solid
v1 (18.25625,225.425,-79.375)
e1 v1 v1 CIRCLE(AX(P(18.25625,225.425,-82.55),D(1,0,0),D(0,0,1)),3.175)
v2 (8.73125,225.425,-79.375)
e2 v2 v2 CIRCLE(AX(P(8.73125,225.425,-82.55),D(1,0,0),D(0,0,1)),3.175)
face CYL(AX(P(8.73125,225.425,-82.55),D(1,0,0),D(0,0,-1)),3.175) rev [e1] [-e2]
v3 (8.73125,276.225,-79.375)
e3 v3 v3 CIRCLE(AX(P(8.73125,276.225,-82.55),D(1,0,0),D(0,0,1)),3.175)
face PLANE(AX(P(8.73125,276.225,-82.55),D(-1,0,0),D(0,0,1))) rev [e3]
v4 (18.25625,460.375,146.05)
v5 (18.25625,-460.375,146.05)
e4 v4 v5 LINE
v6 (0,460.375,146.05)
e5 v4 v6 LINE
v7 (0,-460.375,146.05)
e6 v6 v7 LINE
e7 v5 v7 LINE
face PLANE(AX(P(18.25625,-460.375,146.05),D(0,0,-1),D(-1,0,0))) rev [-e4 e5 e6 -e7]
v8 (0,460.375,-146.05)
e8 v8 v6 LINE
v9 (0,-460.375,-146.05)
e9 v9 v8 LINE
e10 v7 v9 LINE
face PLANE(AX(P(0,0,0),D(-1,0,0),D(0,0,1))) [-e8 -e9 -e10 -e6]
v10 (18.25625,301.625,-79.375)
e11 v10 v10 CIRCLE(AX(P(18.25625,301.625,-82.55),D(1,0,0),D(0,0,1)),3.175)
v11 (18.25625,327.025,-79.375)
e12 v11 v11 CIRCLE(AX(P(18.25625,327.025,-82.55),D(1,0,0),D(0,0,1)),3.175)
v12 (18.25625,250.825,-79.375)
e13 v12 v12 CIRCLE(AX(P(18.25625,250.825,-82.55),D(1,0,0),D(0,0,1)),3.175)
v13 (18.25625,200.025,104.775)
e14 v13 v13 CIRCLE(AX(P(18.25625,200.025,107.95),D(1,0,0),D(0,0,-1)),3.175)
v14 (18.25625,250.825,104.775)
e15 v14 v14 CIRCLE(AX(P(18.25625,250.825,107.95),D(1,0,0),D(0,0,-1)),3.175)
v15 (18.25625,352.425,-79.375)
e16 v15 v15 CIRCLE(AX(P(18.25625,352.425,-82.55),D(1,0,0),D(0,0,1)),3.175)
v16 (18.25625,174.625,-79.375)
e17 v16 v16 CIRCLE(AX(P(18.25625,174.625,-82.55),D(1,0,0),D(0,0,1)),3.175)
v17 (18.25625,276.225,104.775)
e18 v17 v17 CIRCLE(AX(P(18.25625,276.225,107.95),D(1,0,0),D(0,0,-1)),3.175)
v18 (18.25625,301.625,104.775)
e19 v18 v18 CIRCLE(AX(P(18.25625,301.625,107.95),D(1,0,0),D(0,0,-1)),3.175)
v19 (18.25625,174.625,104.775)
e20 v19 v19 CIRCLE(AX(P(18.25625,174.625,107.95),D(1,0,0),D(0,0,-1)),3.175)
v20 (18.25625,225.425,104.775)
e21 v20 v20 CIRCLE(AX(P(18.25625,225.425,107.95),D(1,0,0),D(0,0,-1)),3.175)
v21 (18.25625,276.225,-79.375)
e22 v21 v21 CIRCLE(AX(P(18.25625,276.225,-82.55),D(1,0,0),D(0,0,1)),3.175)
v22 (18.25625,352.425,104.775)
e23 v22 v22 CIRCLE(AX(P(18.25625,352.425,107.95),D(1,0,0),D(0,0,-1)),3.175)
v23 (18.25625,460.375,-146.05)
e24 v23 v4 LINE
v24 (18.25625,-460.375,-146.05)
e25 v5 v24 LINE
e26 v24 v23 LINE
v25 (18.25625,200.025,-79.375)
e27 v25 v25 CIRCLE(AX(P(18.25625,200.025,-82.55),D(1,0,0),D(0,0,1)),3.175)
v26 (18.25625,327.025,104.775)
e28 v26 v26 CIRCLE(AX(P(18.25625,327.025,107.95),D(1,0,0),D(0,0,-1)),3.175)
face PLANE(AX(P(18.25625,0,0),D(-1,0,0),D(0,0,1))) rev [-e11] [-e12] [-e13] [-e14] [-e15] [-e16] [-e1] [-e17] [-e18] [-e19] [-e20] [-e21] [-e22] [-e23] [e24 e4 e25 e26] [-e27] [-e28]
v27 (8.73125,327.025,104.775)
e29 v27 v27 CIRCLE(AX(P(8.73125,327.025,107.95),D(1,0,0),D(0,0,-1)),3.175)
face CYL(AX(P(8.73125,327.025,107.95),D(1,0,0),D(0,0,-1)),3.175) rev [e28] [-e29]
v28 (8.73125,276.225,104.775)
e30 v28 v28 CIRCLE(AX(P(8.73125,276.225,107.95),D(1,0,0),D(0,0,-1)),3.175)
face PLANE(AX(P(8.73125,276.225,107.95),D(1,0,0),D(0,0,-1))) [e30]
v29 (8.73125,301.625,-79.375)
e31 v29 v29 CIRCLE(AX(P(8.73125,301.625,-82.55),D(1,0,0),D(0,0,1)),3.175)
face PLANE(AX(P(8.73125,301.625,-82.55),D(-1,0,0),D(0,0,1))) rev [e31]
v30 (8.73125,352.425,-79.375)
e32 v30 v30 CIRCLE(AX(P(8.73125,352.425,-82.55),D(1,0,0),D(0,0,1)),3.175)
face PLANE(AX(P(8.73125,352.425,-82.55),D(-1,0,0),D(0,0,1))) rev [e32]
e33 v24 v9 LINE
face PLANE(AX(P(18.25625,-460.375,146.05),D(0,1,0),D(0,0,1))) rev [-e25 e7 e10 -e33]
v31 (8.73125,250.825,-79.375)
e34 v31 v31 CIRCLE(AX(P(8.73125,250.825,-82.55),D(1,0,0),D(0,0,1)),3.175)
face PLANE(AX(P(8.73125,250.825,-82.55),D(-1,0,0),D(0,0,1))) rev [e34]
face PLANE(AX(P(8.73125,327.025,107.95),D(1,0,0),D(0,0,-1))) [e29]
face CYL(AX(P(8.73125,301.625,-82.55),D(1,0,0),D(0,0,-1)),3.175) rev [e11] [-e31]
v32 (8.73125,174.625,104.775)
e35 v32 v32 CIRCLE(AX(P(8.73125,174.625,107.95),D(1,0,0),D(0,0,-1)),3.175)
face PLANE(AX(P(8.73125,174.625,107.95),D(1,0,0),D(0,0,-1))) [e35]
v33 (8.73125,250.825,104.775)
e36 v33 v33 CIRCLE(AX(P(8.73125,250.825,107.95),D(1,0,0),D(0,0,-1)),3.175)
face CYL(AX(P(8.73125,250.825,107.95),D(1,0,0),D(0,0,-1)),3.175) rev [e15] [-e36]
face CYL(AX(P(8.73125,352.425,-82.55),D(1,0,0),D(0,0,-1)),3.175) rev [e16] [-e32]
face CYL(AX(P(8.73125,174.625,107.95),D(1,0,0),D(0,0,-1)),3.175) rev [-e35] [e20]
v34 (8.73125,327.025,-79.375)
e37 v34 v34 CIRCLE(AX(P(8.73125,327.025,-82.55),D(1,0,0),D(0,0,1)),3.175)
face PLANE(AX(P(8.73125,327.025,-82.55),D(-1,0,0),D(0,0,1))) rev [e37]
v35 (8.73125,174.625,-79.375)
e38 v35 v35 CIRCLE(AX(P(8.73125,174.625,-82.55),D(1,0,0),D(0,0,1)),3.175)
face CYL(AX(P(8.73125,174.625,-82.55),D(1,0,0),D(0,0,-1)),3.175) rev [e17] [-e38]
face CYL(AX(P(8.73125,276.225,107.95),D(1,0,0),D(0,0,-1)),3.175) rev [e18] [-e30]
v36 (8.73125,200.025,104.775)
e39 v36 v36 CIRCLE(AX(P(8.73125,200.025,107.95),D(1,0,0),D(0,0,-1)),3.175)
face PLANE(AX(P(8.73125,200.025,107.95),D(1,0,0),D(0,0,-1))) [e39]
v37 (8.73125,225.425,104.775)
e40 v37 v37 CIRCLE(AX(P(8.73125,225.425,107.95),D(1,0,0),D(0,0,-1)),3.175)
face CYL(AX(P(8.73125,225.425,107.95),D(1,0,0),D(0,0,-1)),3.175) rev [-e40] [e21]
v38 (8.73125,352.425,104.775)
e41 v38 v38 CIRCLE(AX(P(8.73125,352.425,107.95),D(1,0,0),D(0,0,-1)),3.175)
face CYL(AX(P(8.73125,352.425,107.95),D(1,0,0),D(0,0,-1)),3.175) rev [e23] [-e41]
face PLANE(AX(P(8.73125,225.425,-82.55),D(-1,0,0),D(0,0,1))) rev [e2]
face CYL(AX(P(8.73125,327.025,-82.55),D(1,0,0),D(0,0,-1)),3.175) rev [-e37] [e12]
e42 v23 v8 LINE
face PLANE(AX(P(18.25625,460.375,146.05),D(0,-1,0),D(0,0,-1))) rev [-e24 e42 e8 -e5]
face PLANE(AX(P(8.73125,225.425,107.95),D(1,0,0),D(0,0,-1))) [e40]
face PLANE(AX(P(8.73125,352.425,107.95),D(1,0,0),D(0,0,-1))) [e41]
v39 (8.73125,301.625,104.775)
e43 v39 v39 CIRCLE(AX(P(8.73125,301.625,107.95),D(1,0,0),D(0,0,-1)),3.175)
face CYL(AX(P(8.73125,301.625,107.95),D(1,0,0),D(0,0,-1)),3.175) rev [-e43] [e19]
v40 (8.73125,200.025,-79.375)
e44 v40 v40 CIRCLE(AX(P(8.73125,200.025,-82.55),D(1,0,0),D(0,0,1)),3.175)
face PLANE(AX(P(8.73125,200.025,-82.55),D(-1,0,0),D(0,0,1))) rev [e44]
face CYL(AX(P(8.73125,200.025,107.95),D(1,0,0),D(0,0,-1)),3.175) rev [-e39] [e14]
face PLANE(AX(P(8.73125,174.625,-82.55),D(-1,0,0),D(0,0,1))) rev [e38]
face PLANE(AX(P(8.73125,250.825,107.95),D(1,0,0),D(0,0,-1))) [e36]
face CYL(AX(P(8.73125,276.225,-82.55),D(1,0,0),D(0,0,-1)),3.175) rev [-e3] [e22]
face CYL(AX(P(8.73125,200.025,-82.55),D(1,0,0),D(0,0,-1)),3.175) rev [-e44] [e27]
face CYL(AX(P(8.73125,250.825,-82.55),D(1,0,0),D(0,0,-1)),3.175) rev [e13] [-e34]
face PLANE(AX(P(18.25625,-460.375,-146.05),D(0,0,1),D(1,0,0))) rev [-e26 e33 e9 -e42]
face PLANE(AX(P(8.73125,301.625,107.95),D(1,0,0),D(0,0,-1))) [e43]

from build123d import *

# Parameters (mm, degrees)
SKETCH1_W           = 292.1
SKETCH1_H           = 920.75
BOSS_EXTRUDE1_DEPTH = 18.25625
SKETCH3_R           = 3.175
CUT_EXTRUDE1_DEPTH  = 9.525


with BuildPart() as part:
    # Sketch1 → Boss-Extrude1 (new body)
    with BuildSketch(Plane(origin=(0, 0, 0), x_dir=(0, 0, -1), z_dir=(1, 0, 0))):
        Rectangle(SKETCH1_W, SKETCH1_H)
    extrude(amount=BOSS_EXTRUDE1_DEPTH)

    # Sketch3 → Cut-Extrude1 (cut)
    with BuildSketch(Plane(origin=(18.25625, 0, 0), x_dir=(0, 0, -1), z_dir=(1, 0, 0))):
        with Locations((-107.95, 352.425)):
            Circle(SKETCH3_R)
        with Locations((-107.95, 327.025)):
            Circle(SKETCH3_R)
        with Locations((-107.95, 301.625)):
            Circle(SKETCH3_R)
        with Locations((-107.95, 276.225)):
            Circle(SKETCH3_R)
        with Locations((-107.95, 250.825)):
            Circle(SKETCH3_R)
        with Locations((-107.95, 225.425)):
            Circle(SKETCH3_R)
        with Locations((-107.95, 200.025)):
            Circle(SKETCH3_R)
        with Locations((-107.95, 174.625)):
            Circle(SKETCH3_R)
        with Locations((82.55, 174.625)):
            Circle(SKETCH3_R)
        with Locations((82.55, 200.025)):
            Circle(SKETCH3_R)
        with Locations((82.55, 225.425)):
            Circle(SKETCH3_R)
        with Locations((82.55, 250.825)):
            Circle(SKETCH3_R)
        with Locations((82.55, 276.225)):
            Circle(SKETCH3_R)
        with Locations((82.55, 301.625)):
            Circle(SKETCH3_R)
        with Locations((82.55, 327.025)):
            Circle(SKETCH3_R)
        with Locations((82.55, 352.425)):
            Circle(SKETCH3_R)
    extrude(amount=-CUT_EXTRUDE1_DEPTH, mode=Mode.SUBTRACT)


solid = part.part
